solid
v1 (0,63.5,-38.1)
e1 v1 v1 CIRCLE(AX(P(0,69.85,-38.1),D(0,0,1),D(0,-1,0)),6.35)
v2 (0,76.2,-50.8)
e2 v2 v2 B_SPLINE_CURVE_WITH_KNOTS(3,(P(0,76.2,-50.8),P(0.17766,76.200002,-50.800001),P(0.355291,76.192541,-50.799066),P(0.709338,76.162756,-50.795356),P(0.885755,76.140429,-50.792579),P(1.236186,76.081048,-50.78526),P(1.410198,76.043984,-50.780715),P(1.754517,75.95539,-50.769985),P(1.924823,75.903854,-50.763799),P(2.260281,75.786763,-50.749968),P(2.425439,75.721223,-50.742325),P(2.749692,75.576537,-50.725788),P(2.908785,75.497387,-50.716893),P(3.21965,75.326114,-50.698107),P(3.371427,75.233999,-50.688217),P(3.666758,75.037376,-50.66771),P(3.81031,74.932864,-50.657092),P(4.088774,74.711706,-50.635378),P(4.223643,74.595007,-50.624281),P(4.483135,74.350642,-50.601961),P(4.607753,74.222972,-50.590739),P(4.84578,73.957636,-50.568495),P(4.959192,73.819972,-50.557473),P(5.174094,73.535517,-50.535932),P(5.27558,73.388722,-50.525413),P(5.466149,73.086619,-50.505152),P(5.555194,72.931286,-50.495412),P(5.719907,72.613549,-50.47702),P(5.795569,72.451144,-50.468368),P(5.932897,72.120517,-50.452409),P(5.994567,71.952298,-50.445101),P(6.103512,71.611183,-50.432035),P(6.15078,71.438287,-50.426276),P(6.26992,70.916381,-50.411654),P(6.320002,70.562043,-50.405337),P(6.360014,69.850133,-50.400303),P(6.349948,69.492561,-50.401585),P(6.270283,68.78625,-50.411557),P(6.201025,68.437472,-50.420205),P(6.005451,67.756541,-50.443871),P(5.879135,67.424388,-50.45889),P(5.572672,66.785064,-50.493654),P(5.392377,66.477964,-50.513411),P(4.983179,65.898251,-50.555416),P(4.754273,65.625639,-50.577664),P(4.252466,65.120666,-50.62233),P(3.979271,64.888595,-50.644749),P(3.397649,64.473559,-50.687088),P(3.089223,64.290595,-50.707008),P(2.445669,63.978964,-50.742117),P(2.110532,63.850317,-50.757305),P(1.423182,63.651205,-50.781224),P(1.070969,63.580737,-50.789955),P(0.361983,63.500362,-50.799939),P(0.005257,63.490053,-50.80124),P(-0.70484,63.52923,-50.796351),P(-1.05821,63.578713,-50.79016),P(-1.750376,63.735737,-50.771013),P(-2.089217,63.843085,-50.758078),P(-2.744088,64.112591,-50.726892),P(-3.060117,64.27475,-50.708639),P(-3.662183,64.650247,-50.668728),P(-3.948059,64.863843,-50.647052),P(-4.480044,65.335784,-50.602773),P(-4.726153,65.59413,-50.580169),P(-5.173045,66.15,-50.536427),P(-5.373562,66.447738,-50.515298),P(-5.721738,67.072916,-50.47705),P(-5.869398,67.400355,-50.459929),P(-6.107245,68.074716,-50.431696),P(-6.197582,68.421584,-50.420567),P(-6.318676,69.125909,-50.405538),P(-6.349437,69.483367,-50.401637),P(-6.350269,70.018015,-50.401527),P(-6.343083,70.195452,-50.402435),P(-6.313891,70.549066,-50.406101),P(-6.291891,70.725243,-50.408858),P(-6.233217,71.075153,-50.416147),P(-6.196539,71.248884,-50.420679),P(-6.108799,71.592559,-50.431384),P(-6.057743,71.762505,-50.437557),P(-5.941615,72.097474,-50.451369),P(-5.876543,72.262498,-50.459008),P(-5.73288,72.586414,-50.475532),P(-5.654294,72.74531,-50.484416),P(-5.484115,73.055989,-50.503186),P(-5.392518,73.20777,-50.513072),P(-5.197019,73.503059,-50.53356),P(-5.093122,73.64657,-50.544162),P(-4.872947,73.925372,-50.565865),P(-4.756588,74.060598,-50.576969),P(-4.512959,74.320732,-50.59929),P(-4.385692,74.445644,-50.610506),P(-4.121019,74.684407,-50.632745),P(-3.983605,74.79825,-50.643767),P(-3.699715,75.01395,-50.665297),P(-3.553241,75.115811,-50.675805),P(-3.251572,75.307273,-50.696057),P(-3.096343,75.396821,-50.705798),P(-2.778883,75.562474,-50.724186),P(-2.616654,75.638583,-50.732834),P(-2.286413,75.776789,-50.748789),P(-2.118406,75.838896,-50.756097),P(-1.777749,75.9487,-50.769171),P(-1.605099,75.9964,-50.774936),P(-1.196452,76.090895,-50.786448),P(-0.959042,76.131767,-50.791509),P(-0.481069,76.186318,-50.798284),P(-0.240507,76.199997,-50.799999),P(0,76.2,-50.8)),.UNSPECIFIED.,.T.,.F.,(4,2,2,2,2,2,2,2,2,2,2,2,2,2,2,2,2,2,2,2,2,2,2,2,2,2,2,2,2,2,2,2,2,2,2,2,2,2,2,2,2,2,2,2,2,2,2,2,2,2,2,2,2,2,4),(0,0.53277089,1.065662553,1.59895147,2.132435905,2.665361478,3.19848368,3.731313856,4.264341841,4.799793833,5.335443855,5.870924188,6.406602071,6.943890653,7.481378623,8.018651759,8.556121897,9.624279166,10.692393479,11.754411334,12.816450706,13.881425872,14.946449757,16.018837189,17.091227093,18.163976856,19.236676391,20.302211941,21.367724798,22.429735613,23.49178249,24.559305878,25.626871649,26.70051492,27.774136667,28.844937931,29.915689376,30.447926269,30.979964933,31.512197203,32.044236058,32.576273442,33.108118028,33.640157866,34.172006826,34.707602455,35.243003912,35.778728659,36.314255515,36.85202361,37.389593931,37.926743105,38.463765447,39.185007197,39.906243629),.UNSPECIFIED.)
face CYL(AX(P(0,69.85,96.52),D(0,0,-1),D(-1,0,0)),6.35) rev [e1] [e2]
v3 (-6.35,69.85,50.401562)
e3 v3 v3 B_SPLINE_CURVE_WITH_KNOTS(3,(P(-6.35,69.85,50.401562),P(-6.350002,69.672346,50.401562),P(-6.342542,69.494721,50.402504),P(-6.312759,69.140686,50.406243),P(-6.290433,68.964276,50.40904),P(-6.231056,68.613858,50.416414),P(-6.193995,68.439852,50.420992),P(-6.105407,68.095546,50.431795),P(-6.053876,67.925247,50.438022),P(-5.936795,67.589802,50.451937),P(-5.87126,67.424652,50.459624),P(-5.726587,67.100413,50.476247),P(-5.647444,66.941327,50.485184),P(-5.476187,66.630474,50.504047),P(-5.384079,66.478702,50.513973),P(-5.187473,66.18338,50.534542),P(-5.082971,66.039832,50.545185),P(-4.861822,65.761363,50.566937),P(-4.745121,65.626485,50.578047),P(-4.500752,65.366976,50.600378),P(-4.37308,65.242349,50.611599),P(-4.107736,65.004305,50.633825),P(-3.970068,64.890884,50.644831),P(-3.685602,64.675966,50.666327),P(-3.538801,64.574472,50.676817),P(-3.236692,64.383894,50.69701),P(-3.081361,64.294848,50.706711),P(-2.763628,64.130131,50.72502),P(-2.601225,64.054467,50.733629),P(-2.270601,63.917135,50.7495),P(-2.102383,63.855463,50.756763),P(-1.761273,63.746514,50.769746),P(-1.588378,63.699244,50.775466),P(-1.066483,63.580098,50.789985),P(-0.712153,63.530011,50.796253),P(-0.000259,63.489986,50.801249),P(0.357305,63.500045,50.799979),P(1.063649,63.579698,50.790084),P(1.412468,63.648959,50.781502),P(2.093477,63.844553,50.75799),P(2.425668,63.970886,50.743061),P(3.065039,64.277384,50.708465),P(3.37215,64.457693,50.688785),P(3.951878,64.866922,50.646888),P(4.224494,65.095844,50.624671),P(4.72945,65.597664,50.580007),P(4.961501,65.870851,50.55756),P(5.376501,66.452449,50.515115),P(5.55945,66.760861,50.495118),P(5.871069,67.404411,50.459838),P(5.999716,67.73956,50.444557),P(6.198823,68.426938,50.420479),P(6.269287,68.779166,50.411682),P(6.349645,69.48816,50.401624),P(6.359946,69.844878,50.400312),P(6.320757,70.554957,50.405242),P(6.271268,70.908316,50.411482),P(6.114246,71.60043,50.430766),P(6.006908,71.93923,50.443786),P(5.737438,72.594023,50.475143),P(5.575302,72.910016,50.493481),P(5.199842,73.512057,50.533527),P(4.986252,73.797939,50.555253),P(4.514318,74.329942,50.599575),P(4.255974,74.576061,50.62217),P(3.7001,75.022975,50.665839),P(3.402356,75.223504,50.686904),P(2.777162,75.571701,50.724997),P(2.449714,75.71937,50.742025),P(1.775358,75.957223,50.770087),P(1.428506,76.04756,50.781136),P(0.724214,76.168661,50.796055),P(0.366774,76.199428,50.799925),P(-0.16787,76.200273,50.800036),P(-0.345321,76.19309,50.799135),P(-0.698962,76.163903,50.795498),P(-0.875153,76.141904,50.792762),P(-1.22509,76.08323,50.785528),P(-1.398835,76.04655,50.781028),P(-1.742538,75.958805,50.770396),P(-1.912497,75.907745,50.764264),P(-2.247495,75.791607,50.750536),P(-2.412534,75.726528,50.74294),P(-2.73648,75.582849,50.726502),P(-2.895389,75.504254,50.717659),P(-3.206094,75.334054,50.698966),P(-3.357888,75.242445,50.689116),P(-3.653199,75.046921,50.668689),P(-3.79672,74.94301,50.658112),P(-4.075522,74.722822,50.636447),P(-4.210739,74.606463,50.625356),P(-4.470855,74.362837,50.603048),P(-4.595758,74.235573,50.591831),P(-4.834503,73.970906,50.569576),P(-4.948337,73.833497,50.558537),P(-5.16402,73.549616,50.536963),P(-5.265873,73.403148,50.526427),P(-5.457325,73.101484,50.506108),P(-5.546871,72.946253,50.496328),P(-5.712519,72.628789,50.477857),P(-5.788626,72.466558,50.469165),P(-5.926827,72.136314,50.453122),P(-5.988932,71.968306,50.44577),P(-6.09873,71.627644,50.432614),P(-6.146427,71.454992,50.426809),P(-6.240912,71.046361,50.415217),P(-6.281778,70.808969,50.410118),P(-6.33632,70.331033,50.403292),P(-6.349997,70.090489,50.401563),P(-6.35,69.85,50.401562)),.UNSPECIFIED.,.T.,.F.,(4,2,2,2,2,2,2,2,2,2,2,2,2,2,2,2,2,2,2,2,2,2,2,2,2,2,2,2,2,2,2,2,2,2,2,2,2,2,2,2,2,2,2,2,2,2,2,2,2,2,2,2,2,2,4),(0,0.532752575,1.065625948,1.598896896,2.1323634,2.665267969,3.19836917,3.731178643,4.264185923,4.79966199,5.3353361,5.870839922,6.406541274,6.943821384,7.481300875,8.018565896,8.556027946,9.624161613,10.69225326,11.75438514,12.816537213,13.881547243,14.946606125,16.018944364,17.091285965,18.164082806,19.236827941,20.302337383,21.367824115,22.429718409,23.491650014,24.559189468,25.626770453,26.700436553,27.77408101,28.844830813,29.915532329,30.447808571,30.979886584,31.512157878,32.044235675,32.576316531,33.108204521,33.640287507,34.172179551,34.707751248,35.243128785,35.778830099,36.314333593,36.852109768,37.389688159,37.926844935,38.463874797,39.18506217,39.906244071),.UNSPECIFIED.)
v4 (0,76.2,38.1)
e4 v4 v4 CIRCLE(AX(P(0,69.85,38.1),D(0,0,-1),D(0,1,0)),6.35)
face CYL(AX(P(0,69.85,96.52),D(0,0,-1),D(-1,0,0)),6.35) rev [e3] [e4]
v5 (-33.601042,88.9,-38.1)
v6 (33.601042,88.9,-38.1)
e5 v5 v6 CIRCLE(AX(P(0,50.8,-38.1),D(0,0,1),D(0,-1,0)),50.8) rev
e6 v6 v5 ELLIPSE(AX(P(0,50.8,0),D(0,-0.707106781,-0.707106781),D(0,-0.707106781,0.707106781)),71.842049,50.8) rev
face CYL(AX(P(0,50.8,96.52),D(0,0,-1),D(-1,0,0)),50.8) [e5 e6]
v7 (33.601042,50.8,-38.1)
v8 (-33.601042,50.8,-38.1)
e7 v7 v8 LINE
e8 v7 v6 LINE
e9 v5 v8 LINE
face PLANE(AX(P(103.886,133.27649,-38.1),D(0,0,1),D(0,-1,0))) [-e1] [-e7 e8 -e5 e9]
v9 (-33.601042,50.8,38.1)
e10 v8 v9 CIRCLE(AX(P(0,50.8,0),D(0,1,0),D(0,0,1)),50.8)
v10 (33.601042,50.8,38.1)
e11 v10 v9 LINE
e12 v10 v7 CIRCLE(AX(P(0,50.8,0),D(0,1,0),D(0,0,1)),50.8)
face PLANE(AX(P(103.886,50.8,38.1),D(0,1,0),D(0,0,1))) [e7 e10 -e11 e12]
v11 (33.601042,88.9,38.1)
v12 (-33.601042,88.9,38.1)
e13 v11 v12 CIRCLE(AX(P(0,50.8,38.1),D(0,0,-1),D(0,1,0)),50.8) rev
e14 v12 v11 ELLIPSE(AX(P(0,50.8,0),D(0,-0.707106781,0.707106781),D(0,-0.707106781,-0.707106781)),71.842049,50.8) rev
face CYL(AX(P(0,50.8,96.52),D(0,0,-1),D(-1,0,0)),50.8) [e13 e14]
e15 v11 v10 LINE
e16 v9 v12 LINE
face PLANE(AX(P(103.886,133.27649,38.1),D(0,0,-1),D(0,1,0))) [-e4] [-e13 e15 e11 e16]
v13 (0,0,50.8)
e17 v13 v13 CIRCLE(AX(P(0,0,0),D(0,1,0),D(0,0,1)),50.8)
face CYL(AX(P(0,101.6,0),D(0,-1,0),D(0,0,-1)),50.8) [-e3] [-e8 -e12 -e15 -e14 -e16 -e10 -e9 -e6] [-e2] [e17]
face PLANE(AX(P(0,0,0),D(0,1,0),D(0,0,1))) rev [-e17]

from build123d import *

# Parameters (mm, degrees)
SKETCH1_R               = 50.8
BOSS_EXTRUDE1_DEPTH     = 101.6
CUT_EXTRUDE1_DEPTH      = 96.52
CUT_EXTRUDE1_DEPTH_BACK = 101.6
SKETCH2_R               = 6.35
CUT_EXTRUDE2_DEPTH      = 103.886
CUT_EXTRUDE2_DEPTH_BACK = 86.36
SKETCH3_W               = 76.2
SKETCH3_H               = 82.476489684


with BuildPart() as part:
    # Sketch1 → Boss-Extrude1 (new body)
    with BuildSketch(Plane(origin=(0, 0, 0), x_dir=(1, 0, 0), z_dir=(0, 1, 0))):
        with Locations(Location((0, 0, 0), (0, 0, 270))):
            Circle(SKETCH1_R)
    extrude(amount=BOSS_EXTRUDE1_DEPTH)

    # Sketch2 → Cut-Extrude1 (cut, two sides: drawn at the far end of the back side and taken through both)
    with BuildSketch(Plane.XY.offset(-CUT_EXTRUDE1_DEPTH_BACK)):
        with Locations(Location((0, 69.85, 0), (0, 0, 180))):
            Circle(SKETCH2_R)
        with BuildLine():
            Line((-50.8, 50.8), (-71.743329605, 50.8))
            Line((-71.743329605, 50.8), (-71.743329605, 136.317810242))
            Line((-71.743329605, 136.317810242), (67.424530317, 136.317810242))
            Line((67.424530317, 136.317810242), (67.424530317, 50.8))
            Line((67.424530317, 50.8), (50.8, 50.8))
            ThreePointArc((50.8, 50.8), (0, 101.6), (-50.8, 50.8))
        make_face()
    extrude(amount=CUT_EXTRUDE1_DEPTH + CUT_EXTRUDE1_DEPTH_BACK, mode=Mode.SUBTRACT)

    # Sketch3 → Cut-Extrude2 (cut, two sides: drawn at the far end of the back side and taken through both)
    with BuildSketch(Plane(origin=(0, 0, 0), x_dir=(0, 0, -1), z_dir=(1, 0, 0)).offset(-CUT_EXTRUDE2_DEPTH_BACK)):
        with Locations((0, 92.038244842)):
            Rectangle(SKETCH3_W, SKETCH3_H)
    extrude(amount=CUT_EXTRUDE2_DEPTH + CUT_EXTRUDE2_DEPTH_BACK, mode=Mode.SUBTRACT)


solid = part.part
